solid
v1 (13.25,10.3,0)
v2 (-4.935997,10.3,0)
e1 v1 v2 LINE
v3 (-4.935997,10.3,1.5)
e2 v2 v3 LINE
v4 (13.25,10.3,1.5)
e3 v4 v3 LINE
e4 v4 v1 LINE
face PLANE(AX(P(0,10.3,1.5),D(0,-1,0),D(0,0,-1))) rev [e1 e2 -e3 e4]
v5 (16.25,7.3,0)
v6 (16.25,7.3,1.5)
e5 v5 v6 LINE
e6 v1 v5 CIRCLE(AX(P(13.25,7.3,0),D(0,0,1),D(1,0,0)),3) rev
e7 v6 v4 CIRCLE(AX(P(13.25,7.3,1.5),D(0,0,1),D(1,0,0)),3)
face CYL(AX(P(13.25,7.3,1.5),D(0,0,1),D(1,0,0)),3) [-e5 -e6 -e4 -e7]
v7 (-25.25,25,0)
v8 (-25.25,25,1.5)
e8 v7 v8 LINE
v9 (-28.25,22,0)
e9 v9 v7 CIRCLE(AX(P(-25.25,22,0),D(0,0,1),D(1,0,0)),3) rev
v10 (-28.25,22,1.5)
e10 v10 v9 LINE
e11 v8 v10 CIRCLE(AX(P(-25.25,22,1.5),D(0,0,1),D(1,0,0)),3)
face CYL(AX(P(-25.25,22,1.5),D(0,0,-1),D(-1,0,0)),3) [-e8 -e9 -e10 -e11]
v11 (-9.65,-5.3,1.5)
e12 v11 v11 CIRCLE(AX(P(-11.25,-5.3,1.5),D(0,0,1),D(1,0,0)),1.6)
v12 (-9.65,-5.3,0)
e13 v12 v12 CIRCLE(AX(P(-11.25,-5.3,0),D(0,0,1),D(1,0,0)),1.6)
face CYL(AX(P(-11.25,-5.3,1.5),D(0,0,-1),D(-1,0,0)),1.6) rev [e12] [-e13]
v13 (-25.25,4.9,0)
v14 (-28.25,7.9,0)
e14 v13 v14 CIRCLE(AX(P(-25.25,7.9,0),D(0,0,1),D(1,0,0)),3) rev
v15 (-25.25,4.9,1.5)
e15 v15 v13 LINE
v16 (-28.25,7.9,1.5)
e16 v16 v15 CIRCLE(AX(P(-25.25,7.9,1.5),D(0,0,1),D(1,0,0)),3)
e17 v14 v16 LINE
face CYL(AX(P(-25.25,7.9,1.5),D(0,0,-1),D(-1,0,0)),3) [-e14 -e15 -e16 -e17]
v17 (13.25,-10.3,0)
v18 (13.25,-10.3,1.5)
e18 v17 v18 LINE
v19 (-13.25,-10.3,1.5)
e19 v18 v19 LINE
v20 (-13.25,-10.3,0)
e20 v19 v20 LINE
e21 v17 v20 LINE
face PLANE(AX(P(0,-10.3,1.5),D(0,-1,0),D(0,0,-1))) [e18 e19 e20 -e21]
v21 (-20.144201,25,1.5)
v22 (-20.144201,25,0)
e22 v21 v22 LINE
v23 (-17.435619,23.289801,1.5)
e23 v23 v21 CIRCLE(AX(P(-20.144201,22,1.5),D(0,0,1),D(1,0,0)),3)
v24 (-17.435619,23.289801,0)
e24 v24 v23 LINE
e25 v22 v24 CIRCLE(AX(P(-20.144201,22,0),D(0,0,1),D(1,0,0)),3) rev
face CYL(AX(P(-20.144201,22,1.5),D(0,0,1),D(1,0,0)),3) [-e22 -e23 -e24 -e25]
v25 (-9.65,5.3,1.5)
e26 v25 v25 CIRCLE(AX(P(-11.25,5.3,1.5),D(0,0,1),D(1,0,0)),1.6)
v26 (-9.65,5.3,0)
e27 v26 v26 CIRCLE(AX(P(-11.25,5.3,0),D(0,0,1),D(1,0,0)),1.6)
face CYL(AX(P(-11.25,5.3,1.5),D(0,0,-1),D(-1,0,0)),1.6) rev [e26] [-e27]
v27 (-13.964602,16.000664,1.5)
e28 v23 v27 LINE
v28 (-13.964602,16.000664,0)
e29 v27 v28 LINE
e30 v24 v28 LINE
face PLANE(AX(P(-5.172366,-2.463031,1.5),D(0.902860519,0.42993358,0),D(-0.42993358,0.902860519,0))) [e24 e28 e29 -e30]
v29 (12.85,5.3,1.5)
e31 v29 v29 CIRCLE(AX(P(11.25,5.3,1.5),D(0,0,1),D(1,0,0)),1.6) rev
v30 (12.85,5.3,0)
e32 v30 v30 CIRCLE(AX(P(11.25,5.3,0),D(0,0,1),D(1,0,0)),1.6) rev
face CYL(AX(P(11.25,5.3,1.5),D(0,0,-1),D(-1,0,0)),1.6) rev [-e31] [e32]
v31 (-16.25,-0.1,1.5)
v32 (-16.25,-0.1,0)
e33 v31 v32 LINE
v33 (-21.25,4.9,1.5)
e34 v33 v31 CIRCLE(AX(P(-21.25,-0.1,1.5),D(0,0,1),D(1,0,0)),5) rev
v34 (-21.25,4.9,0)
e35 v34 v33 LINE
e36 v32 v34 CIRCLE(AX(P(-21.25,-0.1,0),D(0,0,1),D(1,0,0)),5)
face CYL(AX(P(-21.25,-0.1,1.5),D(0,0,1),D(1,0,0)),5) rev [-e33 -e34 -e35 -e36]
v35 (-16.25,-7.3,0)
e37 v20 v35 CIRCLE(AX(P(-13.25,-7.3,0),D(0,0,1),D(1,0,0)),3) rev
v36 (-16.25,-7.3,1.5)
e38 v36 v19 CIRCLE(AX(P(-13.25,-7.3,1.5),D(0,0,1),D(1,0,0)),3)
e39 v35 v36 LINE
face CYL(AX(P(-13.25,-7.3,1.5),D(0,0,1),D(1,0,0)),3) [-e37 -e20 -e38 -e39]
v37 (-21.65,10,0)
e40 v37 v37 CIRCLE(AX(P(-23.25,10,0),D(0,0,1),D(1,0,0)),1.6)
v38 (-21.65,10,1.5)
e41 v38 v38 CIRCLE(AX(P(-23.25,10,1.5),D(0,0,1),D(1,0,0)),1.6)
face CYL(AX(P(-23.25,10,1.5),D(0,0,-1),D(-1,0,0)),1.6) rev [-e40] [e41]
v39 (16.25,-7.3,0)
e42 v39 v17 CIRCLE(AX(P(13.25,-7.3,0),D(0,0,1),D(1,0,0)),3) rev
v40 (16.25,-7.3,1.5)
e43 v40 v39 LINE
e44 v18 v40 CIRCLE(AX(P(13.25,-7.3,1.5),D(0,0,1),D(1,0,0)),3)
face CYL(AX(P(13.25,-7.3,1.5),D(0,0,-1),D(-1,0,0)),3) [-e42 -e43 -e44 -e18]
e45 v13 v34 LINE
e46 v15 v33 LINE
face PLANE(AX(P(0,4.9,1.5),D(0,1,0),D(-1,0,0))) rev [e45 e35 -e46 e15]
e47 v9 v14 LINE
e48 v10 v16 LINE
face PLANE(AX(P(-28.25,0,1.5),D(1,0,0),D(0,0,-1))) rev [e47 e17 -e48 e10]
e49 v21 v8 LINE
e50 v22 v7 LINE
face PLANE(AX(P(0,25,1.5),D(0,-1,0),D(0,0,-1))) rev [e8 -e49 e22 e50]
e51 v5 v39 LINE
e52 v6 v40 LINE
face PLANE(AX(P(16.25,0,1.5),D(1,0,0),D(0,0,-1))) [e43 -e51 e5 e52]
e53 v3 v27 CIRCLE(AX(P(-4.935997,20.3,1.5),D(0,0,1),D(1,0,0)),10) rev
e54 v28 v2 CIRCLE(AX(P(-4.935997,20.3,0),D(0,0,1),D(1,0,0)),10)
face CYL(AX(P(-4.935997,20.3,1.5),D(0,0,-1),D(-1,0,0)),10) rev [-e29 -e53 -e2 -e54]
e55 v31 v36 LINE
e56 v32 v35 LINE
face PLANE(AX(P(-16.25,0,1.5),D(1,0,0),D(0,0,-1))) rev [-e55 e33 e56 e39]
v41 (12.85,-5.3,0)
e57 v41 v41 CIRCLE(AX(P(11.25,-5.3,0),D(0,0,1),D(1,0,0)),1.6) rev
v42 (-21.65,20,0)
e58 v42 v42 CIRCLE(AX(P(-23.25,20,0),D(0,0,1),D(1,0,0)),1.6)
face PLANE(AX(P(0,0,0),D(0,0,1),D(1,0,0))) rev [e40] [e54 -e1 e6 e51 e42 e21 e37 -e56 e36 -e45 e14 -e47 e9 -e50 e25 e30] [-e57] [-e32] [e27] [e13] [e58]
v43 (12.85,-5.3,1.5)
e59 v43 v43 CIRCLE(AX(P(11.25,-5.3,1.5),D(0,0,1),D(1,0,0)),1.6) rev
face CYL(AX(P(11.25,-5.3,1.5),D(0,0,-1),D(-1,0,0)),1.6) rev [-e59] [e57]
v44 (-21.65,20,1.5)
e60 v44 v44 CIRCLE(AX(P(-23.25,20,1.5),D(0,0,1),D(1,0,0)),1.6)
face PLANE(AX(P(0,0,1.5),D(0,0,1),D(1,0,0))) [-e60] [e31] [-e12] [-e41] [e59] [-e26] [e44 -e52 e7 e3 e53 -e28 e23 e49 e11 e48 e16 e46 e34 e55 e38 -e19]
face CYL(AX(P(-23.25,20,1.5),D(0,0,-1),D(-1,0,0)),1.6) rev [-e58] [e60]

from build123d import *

# Parameters (mm, degrees)
SKETCH_1_R      = 1.6
EXTRUDE_1_DEPTH = 1.5
FILLET_5_R      = 3
FILLET_6_R      = 5
FILLET_8_R      = 10


with BuildPart() as part:
    # ｽｹｯﾁ1 → ﾎﾞｽ - 押し出し1 (new body)
    with BuildSketch(Plane.XY):
        Polygon((16.25, -10.3), (16.25, 10.3), (-11.25, 10.3), (-18.25, 25), (-28.25, 25), (-28.25, 4.9), (-16.25, 4.9), (-16.25, -10.3), align=None)
        with Locations((-11.25, -5.3)):
            Circle(SKETCH_1_R, mode=Mode.SUBTRACT)
        with Locations((11.25, -5.3)):
            Circle(SKETCH_1_R, mode=Mode.SUBTRACT)
        with Locations((-11.25, 5.3)):
            Circle(SKETCH_1_R, mode=Mode.SUBTRACT)
        with Locations((11.25, 5.3)):
            Circle(SKETCH_1_R, mode=Mode.SUBTRACT)
        with Locations((-23.25, 20)):
            Circle(SKETCH_1_R, mode=Mode.SUBTRACT)
        with Locations((-23.25, 10)):
            Circle(SKETCH_1_R, mode=Mode.SUBTRACT)
    extrude(amount=EXTRUDE_1_DEPTH)

    # ﾌｨﾚｯﾄ5
    fillet_5_edges = [part.edges().sort_by_distance(p)[0] for p in [
        (-28.25, 4.9, 0.75),
        (-28.25, 25, 0.75),
        (-18.25, 25, 0.75),
        (16.25, 10.3, 0.75),
        (16.25, -10.3, 0.75),
        (-16.25, -10.3, 0.75),
    ]]
    fillet(fillet_5_edges, radius=FILLET_5_R)

    # ﾌｨﾚｯﾄ6
    fillet_6_edges = [part.edges().sort_by_distance(p)[0] for p in [
        (-16.25, 4.9, 0.75),
    ]]
    fillet(fillet_6_edges, radius=FILLET_6_R)

    # ﾌｨﾚｯﾄ8
    fillet_8_edges = [part.edges().sort_by_distance(p)[0] for p in [
        (-11.25, 10.3, 0.75),
    ]]
    fillet(fillet_8_edges, radius=FILLET_8_R)


solid = part.part
